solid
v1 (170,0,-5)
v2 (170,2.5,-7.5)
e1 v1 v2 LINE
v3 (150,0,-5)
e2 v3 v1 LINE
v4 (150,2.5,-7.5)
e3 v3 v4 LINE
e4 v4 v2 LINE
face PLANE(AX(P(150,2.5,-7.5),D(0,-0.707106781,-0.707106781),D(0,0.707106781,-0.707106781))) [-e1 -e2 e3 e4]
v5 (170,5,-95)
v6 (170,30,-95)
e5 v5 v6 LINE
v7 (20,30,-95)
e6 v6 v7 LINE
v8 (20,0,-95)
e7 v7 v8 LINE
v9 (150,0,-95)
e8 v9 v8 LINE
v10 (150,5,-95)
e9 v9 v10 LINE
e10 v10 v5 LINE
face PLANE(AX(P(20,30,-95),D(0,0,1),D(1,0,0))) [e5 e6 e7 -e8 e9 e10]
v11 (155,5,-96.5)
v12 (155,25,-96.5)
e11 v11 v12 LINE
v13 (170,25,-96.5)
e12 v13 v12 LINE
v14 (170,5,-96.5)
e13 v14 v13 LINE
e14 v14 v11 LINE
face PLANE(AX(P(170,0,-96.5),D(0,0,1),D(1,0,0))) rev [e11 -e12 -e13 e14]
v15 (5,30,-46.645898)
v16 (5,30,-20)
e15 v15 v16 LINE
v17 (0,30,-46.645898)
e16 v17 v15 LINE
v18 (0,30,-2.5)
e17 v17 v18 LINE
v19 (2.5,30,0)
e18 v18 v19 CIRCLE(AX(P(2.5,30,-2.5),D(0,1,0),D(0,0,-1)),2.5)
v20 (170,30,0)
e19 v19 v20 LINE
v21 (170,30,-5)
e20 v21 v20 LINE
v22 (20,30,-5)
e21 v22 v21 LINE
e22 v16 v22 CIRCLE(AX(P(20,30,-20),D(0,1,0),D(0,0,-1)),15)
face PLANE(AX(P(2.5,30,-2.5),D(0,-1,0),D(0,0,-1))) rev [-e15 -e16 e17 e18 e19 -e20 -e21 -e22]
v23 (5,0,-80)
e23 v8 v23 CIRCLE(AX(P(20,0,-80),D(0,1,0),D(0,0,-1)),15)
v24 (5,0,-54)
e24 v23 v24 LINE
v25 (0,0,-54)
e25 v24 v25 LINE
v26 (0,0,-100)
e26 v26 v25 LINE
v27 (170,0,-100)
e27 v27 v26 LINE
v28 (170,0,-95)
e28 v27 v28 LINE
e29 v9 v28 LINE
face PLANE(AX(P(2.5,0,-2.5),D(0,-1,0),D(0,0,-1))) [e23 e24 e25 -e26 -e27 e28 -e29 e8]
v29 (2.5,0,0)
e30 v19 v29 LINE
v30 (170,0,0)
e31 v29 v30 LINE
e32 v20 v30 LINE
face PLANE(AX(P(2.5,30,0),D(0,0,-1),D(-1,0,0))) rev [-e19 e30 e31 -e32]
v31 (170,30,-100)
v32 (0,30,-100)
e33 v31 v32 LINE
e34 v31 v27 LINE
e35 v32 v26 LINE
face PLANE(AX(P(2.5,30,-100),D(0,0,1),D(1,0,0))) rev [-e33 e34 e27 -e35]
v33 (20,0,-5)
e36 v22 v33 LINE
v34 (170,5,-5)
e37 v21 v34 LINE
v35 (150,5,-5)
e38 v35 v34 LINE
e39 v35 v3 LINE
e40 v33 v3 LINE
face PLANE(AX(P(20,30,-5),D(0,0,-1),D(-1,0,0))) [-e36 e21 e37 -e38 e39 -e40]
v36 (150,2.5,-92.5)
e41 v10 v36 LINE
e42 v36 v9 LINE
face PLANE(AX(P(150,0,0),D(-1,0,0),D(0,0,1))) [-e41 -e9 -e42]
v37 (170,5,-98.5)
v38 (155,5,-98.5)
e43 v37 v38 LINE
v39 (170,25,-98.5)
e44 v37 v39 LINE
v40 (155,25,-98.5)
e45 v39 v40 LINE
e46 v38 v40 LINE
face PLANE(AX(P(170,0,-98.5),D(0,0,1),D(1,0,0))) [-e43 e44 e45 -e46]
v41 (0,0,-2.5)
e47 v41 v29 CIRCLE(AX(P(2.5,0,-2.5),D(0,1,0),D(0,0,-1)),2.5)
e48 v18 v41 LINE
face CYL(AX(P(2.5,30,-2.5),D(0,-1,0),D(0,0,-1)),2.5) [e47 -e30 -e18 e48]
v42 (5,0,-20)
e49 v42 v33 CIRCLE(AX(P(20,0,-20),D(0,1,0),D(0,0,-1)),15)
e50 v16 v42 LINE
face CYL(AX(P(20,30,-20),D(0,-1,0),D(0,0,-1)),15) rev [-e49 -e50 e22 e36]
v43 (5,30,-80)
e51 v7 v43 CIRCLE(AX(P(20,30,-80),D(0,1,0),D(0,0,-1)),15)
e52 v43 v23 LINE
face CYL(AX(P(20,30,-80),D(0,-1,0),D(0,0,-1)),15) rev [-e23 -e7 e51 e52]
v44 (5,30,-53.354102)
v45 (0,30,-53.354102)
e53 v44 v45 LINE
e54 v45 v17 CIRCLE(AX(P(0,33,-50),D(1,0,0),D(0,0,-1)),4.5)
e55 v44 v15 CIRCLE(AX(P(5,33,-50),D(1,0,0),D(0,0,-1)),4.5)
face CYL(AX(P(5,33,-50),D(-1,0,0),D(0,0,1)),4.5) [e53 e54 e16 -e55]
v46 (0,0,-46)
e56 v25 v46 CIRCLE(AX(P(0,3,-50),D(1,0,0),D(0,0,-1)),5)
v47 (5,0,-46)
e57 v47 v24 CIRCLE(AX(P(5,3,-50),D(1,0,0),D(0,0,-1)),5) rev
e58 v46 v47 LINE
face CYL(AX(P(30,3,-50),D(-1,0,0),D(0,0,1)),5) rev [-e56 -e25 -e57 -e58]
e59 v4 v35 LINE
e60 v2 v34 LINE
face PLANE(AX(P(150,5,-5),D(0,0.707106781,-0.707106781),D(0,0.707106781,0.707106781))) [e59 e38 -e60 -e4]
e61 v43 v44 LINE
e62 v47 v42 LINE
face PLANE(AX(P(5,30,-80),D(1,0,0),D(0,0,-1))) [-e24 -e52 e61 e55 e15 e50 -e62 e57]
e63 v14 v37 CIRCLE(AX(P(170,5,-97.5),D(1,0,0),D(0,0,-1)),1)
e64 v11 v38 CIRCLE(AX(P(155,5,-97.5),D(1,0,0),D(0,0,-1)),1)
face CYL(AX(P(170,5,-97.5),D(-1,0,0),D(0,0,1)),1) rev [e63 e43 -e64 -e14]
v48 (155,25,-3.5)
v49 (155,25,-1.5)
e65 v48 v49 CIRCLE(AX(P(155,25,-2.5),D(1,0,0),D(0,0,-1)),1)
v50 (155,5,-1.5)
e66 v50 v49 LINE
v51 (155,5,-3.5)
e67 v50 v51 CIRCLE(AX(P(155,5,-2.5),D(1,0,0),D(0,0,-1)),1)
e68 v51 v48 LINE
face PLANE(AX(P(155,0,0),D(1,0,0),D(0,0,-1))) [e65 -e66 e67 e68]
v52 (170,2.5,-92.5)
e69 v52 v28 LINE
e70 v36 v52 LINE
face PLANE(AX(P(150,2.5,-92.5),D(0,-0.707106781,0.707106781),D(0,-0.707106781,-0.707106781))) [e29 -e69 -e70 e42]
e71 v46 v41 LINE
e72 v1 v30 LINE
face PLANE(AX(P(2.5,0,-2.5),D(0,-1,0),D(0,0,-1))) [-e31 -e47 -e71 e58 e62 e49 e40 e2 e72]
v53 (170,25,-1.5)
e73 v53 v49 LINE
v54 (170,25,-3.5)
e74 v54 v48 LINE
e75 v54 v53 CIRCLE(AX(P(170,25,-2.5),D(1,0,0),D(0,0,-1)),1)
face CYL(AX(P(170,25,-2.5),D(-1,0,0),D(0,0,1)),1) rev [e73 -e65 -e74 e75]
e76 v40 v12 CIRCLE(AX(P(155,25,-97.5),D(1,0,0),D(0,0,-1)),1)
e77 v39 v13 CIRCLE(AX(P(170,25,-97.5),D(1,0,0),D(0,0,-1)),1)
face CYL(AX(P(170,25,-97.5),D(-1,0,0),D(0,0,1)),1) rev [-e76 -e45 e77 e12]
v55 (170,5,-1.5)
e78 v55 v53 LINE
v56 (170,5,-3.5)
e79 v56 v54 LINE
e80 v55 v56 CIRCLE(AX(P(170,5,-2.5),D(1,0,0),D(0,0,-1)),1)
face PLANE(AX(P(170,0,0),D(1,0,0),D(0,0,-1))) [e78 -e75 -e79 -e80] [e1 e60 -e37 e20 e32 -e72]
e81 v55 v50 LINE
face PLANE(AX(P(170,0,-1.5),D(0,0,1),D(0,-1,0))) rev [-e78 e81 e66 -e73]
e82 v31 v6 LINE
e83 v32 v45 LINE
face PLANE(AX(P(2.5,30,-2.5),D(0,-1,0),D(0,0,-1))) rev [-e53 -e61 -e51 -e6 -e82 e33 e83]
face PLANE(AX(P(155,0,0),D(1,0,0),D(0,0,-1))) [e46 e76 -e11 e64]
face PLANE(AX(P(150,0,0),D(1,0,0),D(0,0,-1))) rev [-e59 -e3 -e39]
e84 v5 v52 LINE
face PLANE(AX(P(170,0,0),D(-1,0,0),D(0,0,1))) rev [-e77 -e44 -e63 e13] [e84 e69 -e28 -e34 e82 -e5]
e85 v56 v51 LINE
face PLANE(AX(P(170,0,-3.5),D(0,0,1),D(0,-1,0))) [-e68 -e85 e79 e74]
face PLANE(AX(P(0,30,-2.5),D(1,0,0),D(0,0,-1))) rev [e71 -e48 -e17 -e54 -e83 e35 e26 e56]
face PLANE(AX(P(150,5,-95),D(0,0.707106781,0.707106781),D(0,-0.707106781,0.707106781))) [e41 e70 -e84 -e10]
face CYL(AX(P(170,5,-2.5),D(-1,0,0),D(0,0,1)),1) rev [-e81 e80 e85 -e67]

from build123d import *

# Parameters (mm, degrees)
BOSS_EXTRUDE1_DEPTH      = 30
SKETCH2_R                = 5
CUT_EXTRUDE1_DEPTH       = 30
BOSS_EXTRUDE2_DEPTH      = 10
BOSS_EXTRUDE2_DEPTH_BACK = 10
SKETCH4_W                = 159.060966422
SKETCH4_H                = 100
CUT_EXTRUDE2_DEPTH       = 55
CUT_EXTRUDE3_DEPTH       = 10
CUT_EXTRUDE3_DEPTH_BACK  = 5
SKETCH6_R                = 4.5
BOSS_EXTRUDE3_DEPTH      = 5


with BuildPart() as part:
    # Sketch1 → Boss-Extrude1 (new body)
    with BuildSketch(Plane(origin=(0, 0, 0), x_dir=(1, 0, 0), z_dir=(0, 1, 0))):
        with BuildLine():
            Line((2.5, 100), (0, 100))
            Line((0, 100), (0, 97.5))
            Line((0, 97.5), (0, 2.5))
            ThreePointArc((0, 2.5), (0.732233047, 0.732233047), (2.5, 0))
            Line((2.5, 0), (305, 0))
            ThreePointArc((305, 0), (315.606601718, 4.393398282), (320, 15))
            Line((320, 15), (320, 85))
            ThreePointArc((320, 85), (315.606601718, 95.606601718), (305, 100))
            Line((305, 100), (2.5, 100))
        make_face()
        with BuildLine():
            Line((20, 95), (300, 95))
            ThreePointArc((300, 95), (310.606601718, 90.606601718), (315, 80))
            Line((315, 80), (315, 20))
            ThreePointArc((315, 20), (310.606601718, 9.393398282), (300, 5))
            Line((300, 5), (20, 5))
            ThreePointArc((20, 5), (9.393398282, 9.393398282), (5, 20))
            Line((5, 20), (5, 80))
            ThreePointArc((5, 80), (9.393398282, 90.606601718), (20, 95))
        make_face(mode=Mode.SUBTRACT)
    extrude(amount=BOSS_EXTRUDE1_DEPTH)

    # Sketch2 → Cut-Extrude1 (cut)
    with BuildSketch(Plane(origin=(0, 0, 0), x_dir=(0, 0, -1), z_dir=(1, 0, 0))):
        with Locations((50, 3)):
            Circle(SKETCH2_R)
    extrude(amount=CUT_EXTRUDE1_DEPTH, mode=Mode.SUBTRACT)

    # Sketch3 → Boss-Extrude2 (add, two sides: drawn at the far end of the back side and taken through both)
    with BuildSketch(Plane(origin=(160, 0, 0), x_dir=(0, 0, -1), z_dir=(1, 0, 0)).offset(-BOSS_EXTRUDE2_DEPTH_BACK)):
        Polygon((5, 0), (5, 5), (7.5, 2.5), align=None)
        Polygon((95, 0), (95, 5), (92.5, 2.5), align=None)
    extrude(amount=BOSS_EXTRUDE2_DEPTH + BOSS_EXTRUDE2_DEPTH_BACK)

    # Sketch4 → Cut-Extrude2 (cut)
    with BuildSketch(Plane(origin=(0, 0, 0), x_dir=(1, 0, 0), z_dir=(0, 1, 0))):
        with Locations((249.530483211, 50)):
            Rectangle(SKETCH4_W, SKETCH4_H)
    extrude(amount=CUT_EXTRUDE2_DEPTH, mode=Mode.SUBTRACT)

    # Sketch5 → Cut-Extrude3 (cut, two sides: drawn at the far end of the back side and taken through both)
    with BuildSketch(Plane(origin=(160, 0, 0), x_dir=(0, 0, -1), z_dir=(1, 0, 0)).offset(-CUT_EXTRUDE3_DEPTH_BACK)):
        with BuildLine():
            ThreePointArc((3.5, 25), (3.207106781, 25.707106781), (2.5, 26))
            Line((2.5, 26), (2.5, 4))
            ThreePointArc((2.5, 4), (3.207106781, 4.292893219), (3.5, 5))
            Line((3.5, 5), (3.5, 25))
        make_face()
        with BuildLine():
            Line((2.5, 4), (2.5, 26))
            ThreePointArc((2.5, 26), (1.792893219, 25.707106781), (1.5, 25))
            Line((1.5, 25), (1.5, 5))
            ThreePointArc((1.5, 5), (1.792893219, 4.292893219), (2.5, 4))
        make_face()
        with BuildLine():
            ThreePointArc((98.5, 25), (98.207106781, 25.707106781), (97.5, 26))
            Line((97.5, 26), (97.5, 4))
            ThreePointArc((97.5, 4), (98.207106781, 4.292893219), (98.5, 5))
            Line((98.5, 5), (98.5, 25))
        make_face()
        with BuildLine():
            Line((97.5, 4), (97.5, 26))
            ThreePointArc((97.5, 26), (96.792893219, 25.707106781), (96.5, 25))
            Line((96.5, 25), (96.5, 5))
            ThreePointArc((96.5, 5), (96.792893219, 4.292893219), (97.5, 4))
        make_face()
    extrude(amount=CUT_EXTRUDE3_DEPTH + CUT_EXTRUDE3_DEPTH_BACK, mode=Mode.SUBTRACT)

    # Sketch6 → Boss-Extrude3 (add)
    with BuildSketch(Plane(origin=(0, 0, 0), x_dir=(0, 0, -1), z_dir=(1, 0, 0))):
        with Locations((50, 33)):
            Circle(SKETCH6_R)
    extrude(amount=BOSS_EXTRUDE3_DEPTH)


solid = part.part
